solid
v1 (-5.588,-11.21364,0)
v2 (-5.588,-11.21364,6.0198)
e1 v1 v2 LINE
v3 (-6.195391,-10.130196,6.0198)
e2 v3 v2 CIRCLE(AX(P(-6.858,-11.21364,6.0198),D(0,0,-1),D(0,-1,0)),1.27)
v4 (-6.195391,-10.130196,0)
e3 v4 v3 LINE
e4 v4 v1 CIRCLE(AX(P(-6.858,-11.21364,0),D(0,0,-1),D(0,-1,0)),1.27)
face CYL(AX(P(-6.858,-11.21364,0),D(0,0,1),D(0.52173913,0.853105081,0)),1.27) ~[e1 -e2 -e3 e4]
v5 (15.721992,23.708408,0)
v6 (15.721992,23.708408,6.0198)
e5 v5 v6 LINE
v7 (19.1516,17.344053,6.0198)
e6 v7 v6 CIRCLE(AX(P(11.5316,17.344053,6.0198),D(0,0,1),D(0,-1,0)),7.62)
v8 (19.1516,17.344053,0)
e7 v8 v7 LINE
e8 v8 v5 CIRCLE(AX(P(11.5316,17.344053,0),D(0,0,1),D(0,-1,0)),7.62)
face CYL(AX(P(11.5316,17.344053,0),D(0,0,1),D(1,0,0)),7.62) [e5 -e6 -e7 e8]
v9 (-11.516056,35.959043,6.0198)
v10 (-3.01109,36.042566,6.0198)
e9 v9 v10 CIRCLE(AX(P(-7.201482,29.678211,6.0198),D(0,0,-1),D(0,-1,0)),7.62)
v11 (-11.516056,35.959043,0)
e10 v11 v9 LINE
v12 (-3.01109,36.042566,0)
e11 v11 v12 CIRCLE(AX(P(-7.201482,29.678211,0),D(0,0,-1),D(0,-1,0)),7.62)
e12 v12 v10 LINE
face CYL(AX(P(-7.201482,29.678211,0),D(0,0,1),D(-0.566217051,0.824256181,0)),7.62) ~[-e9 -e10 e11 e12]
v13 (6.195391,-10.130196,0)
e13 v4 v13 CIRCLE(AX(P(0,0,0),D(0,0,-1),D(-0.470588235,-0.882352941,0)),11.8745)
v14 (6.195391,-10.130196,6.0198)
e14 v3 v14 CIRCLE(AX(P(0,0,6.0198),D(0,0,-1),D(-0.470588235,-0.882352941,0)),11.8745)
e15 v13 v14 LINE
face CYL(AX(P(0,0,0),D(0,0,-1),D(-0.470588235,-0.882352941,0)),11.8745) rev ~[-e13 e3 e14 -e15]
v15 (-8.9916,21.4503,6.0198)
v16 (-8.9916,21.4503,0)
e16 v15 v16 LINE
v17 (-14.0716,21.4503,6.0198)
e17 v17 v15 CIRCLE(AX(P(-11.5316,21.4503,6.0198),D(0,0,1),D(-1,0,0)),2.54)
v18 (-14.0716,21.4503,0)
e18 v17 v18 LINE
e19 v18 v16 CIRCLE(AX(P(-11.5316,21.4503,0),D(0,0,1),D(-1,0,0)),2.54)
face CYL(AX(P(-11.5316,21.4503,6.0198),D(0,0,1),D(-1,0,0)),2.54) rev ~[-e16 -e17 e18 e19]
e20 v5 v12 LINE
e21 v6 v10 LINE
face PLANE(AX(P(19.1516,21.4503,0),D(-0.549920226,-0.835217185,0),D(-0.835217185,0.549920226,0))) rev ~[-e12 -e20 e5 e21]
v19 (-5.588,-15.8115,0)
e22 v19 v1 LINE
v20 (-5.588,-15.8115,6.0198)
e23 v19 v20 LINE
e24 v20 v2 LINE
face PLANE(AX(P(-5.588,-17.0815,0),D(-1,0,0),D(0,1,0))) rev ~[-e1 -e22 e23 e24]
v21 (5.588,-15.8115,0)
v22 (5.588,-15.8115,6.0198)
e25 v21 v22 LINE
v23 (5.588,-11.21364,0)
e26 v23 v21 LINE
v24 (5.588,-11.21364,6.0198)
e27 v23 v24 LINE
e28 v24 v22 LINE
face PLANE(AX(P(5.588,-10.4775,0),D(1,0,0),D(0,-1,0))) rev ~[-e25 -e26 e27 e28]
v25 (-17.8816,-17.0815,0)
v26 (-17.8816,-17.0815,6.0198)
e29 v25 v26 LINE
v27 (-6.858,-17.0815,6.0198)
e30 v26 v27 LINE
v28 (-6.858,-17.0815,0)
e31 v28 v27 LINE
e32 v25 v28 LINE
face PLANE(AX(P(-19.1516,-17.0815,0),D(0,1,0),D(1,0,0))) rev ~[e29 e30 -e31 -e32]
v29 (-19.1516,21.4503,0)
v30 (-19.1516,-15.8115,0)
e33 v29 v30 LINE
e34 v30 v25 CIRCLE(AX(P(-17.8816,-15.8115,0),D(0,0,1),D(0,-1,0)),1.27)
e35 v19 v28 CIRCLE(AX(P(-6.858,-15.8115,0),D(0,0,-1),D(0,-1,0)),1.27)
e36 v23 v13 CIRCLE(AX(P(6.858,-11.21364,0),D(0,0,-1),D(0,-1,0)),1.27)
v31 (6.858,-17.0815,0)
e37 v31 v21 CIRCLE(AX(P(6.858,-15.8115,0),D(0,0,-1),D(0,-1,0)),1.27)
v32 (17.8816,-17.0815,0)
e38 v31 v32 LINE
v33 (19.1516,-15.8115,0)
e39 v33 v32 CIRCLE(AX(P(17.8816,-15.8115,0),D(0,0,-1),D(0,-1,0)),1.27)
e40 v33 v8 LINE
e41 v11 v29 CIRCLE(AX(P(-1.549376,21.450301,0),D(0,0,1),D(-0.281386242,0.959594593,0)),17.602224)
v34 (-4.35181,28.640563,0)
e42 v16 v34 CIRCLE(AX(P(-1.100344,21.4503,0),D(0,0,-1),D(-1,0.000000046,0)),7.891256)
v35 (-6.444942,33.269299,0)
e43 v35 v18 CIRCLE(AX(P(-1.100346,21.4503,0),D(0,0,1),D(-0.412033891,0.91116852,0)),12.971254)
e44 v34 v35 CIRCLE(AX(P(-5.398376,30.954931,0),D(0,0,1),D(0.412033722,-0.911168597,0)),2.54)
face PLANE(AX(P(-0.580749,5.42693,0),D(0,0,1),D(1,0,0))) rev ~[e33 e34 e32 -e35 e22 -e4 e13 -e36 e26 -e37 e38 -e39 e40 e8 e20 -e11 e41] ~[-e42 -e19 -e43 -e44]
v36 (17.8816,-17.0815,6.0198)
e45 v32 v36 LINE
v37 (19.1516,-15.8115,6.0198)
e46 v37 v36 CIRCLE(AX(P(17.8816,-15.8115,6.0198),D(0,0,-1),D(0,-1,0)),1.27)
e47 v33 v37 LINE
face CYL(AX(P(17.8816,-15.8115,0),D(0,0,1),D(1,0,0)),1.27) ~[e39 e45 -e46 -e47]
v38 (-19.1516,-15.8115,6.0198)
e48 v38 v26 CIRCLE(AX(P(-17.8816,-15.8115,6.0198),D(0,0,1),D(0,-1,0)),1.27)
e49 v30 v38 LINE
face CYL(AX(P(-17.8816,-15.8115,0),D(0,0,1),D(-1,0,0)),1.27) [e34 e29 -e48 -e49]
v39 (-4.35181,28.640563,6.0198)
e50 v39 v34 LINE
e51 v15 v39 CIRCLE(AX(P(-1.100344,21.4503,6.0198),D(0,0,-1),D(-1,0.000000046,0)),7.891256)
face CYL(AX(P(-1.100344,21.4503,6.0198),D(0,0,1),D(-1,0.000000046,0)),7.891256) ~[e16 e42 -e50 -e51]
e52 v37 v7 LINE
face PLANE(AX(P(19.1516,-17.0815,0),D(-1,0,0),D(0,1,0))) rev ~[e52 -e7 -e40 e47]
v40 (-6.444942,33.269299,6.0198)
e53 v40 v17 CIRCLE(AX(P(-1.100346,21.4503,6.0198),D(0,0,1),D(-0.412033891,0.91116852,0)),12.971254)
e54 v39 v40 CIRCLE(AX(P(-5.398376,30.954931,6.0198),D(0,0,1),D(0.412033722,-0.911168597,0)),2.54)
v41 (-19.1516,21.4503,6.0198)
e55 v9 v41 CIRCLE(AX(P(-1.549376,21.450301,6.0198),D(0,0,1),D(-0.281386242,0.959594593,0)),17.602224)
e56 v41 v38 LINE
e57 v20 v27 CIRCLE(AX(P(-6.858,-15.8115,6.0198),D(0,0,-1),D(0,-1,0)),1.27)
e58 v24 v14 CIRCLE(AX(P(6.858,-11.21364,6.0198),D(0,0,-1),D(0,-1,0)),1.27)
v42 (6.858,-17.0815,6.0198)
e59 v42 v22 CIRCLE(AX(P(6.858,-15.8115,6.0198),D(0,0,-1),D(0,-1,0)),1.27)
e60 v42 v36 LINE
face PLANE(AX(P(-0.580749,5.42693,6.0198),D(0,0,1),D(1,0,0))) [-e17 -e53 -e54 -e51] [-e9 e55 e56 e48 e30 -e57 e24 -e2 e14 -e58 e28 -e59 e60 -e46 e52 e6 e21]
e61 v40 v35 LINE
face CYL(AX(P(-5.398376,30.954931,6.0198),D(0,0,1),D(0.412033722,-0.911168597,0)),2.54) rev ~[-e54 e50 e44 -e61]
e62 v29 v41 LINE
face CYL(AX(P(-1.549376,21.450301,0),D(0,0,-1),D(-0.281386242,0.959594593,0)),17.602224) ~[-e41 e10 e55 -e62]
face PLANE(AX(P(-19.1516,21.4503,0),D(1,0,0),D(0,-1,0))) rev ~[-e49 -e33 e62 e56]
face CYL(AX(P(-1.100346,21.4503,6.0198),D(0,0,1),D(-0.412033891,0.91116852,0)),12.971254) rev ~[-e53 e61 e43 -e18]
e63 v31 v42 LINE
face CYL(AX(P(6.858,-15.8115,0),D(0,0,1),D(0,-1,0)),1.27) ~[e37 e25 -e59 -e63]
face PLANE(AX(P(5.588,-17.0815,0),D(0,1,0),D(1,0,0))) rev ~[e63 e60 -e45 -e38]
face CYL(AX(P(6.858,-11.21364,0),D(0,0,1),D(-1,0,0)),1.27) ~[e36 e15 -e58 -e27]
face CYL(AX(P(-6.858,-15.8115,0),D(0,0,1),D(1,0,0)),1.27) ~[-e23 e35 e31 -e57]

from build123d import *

# Parameters (mm, degrees)
F1_DEPTH = 6.0198
F3_DEPTH = 6.0198
F4_R     = 7.62
F5_R     = 1.27


with BuildPart() as f1:
    # F0 (on Top) → F1 (new body)
    with BuildSketch(Plane.XY):
        with BuildLine():
            ThreePointArc((-5.588, -10.4775), (0, 11.8745), (5.588, -10.4775))
            Line((5.588, -10.4775), (5.588, -17.0815))
            Line((5.588, -17.0815), (19.1516, -17.0815))
            Line((19.1516, -17.0815), (19.1516, 21.4503))
            Line((19.1516, 21.4503), (-6.5024, 38.3413))
            ThreePointArc((-6.5024, 38.3413), (-15.638779, 32.001463), (-19.1516, 21.4503))
            Line((-19.1516, 21.4503), (-19.1516, -17.0815))
            Line((-19.1516, -17.0815), (-5.588, -17.0815))
            Line((-5.588, -17.0815), (-5.588, -10.4775))
        make_face()
    extrude(amount=F1_DEPTH)

    # F2 (on face) → F3 (cut, through all)
    with BuildSketch(Plane.XY.offset(6.0198)):
        with BuildLine():
            ThreePointArc((-6.444942, 33.269299), (-11.999418, 28.483341), (-14.0716, 21.4503))
            ThreePointArc((-14.0716, 21.4503), (-11.5316, 18.9103), (-8.9916, 21.4503))
            ThreePointArc((-8.9916, 21.4503), (-7.730957, 25.728955), (-4.35181, 28.640563))
            ThreePointArc((-4.35181, 28.640563), (-3.084008, 32.001498), (-6.444942, 33.269299))
        make_face()
    extrude(amount=-F3_DEPTH, mode=Mode.SUBTRACT)

    # F4
    f4_edges = [f1.edges().sort_by_distance(p)[0] for p in [
        (-6.5024, 38.3413, 3.0099),
        (19.1516, 21.4503, 3.0099),
    ]]
    fillet(f4_edges, radius=F4_R)

    # F5
    f5_edges = [f1.edges().sort_by_distance(p)[0] for p in [
        (-19.1516, -17.0815, 3.0099),
        (-5.588, -17.0815, 3.0099),
        (5.588, -17.0815, 3.0099),
        (19.1516, -17.0815, 3.0099),
        (5.588, -10.4775, 3.0099),
        (-5.588, -10.4775, 3.0099),
    ]]
    fillet(f5_edges, radius=F5_R)


solid = f1.part
